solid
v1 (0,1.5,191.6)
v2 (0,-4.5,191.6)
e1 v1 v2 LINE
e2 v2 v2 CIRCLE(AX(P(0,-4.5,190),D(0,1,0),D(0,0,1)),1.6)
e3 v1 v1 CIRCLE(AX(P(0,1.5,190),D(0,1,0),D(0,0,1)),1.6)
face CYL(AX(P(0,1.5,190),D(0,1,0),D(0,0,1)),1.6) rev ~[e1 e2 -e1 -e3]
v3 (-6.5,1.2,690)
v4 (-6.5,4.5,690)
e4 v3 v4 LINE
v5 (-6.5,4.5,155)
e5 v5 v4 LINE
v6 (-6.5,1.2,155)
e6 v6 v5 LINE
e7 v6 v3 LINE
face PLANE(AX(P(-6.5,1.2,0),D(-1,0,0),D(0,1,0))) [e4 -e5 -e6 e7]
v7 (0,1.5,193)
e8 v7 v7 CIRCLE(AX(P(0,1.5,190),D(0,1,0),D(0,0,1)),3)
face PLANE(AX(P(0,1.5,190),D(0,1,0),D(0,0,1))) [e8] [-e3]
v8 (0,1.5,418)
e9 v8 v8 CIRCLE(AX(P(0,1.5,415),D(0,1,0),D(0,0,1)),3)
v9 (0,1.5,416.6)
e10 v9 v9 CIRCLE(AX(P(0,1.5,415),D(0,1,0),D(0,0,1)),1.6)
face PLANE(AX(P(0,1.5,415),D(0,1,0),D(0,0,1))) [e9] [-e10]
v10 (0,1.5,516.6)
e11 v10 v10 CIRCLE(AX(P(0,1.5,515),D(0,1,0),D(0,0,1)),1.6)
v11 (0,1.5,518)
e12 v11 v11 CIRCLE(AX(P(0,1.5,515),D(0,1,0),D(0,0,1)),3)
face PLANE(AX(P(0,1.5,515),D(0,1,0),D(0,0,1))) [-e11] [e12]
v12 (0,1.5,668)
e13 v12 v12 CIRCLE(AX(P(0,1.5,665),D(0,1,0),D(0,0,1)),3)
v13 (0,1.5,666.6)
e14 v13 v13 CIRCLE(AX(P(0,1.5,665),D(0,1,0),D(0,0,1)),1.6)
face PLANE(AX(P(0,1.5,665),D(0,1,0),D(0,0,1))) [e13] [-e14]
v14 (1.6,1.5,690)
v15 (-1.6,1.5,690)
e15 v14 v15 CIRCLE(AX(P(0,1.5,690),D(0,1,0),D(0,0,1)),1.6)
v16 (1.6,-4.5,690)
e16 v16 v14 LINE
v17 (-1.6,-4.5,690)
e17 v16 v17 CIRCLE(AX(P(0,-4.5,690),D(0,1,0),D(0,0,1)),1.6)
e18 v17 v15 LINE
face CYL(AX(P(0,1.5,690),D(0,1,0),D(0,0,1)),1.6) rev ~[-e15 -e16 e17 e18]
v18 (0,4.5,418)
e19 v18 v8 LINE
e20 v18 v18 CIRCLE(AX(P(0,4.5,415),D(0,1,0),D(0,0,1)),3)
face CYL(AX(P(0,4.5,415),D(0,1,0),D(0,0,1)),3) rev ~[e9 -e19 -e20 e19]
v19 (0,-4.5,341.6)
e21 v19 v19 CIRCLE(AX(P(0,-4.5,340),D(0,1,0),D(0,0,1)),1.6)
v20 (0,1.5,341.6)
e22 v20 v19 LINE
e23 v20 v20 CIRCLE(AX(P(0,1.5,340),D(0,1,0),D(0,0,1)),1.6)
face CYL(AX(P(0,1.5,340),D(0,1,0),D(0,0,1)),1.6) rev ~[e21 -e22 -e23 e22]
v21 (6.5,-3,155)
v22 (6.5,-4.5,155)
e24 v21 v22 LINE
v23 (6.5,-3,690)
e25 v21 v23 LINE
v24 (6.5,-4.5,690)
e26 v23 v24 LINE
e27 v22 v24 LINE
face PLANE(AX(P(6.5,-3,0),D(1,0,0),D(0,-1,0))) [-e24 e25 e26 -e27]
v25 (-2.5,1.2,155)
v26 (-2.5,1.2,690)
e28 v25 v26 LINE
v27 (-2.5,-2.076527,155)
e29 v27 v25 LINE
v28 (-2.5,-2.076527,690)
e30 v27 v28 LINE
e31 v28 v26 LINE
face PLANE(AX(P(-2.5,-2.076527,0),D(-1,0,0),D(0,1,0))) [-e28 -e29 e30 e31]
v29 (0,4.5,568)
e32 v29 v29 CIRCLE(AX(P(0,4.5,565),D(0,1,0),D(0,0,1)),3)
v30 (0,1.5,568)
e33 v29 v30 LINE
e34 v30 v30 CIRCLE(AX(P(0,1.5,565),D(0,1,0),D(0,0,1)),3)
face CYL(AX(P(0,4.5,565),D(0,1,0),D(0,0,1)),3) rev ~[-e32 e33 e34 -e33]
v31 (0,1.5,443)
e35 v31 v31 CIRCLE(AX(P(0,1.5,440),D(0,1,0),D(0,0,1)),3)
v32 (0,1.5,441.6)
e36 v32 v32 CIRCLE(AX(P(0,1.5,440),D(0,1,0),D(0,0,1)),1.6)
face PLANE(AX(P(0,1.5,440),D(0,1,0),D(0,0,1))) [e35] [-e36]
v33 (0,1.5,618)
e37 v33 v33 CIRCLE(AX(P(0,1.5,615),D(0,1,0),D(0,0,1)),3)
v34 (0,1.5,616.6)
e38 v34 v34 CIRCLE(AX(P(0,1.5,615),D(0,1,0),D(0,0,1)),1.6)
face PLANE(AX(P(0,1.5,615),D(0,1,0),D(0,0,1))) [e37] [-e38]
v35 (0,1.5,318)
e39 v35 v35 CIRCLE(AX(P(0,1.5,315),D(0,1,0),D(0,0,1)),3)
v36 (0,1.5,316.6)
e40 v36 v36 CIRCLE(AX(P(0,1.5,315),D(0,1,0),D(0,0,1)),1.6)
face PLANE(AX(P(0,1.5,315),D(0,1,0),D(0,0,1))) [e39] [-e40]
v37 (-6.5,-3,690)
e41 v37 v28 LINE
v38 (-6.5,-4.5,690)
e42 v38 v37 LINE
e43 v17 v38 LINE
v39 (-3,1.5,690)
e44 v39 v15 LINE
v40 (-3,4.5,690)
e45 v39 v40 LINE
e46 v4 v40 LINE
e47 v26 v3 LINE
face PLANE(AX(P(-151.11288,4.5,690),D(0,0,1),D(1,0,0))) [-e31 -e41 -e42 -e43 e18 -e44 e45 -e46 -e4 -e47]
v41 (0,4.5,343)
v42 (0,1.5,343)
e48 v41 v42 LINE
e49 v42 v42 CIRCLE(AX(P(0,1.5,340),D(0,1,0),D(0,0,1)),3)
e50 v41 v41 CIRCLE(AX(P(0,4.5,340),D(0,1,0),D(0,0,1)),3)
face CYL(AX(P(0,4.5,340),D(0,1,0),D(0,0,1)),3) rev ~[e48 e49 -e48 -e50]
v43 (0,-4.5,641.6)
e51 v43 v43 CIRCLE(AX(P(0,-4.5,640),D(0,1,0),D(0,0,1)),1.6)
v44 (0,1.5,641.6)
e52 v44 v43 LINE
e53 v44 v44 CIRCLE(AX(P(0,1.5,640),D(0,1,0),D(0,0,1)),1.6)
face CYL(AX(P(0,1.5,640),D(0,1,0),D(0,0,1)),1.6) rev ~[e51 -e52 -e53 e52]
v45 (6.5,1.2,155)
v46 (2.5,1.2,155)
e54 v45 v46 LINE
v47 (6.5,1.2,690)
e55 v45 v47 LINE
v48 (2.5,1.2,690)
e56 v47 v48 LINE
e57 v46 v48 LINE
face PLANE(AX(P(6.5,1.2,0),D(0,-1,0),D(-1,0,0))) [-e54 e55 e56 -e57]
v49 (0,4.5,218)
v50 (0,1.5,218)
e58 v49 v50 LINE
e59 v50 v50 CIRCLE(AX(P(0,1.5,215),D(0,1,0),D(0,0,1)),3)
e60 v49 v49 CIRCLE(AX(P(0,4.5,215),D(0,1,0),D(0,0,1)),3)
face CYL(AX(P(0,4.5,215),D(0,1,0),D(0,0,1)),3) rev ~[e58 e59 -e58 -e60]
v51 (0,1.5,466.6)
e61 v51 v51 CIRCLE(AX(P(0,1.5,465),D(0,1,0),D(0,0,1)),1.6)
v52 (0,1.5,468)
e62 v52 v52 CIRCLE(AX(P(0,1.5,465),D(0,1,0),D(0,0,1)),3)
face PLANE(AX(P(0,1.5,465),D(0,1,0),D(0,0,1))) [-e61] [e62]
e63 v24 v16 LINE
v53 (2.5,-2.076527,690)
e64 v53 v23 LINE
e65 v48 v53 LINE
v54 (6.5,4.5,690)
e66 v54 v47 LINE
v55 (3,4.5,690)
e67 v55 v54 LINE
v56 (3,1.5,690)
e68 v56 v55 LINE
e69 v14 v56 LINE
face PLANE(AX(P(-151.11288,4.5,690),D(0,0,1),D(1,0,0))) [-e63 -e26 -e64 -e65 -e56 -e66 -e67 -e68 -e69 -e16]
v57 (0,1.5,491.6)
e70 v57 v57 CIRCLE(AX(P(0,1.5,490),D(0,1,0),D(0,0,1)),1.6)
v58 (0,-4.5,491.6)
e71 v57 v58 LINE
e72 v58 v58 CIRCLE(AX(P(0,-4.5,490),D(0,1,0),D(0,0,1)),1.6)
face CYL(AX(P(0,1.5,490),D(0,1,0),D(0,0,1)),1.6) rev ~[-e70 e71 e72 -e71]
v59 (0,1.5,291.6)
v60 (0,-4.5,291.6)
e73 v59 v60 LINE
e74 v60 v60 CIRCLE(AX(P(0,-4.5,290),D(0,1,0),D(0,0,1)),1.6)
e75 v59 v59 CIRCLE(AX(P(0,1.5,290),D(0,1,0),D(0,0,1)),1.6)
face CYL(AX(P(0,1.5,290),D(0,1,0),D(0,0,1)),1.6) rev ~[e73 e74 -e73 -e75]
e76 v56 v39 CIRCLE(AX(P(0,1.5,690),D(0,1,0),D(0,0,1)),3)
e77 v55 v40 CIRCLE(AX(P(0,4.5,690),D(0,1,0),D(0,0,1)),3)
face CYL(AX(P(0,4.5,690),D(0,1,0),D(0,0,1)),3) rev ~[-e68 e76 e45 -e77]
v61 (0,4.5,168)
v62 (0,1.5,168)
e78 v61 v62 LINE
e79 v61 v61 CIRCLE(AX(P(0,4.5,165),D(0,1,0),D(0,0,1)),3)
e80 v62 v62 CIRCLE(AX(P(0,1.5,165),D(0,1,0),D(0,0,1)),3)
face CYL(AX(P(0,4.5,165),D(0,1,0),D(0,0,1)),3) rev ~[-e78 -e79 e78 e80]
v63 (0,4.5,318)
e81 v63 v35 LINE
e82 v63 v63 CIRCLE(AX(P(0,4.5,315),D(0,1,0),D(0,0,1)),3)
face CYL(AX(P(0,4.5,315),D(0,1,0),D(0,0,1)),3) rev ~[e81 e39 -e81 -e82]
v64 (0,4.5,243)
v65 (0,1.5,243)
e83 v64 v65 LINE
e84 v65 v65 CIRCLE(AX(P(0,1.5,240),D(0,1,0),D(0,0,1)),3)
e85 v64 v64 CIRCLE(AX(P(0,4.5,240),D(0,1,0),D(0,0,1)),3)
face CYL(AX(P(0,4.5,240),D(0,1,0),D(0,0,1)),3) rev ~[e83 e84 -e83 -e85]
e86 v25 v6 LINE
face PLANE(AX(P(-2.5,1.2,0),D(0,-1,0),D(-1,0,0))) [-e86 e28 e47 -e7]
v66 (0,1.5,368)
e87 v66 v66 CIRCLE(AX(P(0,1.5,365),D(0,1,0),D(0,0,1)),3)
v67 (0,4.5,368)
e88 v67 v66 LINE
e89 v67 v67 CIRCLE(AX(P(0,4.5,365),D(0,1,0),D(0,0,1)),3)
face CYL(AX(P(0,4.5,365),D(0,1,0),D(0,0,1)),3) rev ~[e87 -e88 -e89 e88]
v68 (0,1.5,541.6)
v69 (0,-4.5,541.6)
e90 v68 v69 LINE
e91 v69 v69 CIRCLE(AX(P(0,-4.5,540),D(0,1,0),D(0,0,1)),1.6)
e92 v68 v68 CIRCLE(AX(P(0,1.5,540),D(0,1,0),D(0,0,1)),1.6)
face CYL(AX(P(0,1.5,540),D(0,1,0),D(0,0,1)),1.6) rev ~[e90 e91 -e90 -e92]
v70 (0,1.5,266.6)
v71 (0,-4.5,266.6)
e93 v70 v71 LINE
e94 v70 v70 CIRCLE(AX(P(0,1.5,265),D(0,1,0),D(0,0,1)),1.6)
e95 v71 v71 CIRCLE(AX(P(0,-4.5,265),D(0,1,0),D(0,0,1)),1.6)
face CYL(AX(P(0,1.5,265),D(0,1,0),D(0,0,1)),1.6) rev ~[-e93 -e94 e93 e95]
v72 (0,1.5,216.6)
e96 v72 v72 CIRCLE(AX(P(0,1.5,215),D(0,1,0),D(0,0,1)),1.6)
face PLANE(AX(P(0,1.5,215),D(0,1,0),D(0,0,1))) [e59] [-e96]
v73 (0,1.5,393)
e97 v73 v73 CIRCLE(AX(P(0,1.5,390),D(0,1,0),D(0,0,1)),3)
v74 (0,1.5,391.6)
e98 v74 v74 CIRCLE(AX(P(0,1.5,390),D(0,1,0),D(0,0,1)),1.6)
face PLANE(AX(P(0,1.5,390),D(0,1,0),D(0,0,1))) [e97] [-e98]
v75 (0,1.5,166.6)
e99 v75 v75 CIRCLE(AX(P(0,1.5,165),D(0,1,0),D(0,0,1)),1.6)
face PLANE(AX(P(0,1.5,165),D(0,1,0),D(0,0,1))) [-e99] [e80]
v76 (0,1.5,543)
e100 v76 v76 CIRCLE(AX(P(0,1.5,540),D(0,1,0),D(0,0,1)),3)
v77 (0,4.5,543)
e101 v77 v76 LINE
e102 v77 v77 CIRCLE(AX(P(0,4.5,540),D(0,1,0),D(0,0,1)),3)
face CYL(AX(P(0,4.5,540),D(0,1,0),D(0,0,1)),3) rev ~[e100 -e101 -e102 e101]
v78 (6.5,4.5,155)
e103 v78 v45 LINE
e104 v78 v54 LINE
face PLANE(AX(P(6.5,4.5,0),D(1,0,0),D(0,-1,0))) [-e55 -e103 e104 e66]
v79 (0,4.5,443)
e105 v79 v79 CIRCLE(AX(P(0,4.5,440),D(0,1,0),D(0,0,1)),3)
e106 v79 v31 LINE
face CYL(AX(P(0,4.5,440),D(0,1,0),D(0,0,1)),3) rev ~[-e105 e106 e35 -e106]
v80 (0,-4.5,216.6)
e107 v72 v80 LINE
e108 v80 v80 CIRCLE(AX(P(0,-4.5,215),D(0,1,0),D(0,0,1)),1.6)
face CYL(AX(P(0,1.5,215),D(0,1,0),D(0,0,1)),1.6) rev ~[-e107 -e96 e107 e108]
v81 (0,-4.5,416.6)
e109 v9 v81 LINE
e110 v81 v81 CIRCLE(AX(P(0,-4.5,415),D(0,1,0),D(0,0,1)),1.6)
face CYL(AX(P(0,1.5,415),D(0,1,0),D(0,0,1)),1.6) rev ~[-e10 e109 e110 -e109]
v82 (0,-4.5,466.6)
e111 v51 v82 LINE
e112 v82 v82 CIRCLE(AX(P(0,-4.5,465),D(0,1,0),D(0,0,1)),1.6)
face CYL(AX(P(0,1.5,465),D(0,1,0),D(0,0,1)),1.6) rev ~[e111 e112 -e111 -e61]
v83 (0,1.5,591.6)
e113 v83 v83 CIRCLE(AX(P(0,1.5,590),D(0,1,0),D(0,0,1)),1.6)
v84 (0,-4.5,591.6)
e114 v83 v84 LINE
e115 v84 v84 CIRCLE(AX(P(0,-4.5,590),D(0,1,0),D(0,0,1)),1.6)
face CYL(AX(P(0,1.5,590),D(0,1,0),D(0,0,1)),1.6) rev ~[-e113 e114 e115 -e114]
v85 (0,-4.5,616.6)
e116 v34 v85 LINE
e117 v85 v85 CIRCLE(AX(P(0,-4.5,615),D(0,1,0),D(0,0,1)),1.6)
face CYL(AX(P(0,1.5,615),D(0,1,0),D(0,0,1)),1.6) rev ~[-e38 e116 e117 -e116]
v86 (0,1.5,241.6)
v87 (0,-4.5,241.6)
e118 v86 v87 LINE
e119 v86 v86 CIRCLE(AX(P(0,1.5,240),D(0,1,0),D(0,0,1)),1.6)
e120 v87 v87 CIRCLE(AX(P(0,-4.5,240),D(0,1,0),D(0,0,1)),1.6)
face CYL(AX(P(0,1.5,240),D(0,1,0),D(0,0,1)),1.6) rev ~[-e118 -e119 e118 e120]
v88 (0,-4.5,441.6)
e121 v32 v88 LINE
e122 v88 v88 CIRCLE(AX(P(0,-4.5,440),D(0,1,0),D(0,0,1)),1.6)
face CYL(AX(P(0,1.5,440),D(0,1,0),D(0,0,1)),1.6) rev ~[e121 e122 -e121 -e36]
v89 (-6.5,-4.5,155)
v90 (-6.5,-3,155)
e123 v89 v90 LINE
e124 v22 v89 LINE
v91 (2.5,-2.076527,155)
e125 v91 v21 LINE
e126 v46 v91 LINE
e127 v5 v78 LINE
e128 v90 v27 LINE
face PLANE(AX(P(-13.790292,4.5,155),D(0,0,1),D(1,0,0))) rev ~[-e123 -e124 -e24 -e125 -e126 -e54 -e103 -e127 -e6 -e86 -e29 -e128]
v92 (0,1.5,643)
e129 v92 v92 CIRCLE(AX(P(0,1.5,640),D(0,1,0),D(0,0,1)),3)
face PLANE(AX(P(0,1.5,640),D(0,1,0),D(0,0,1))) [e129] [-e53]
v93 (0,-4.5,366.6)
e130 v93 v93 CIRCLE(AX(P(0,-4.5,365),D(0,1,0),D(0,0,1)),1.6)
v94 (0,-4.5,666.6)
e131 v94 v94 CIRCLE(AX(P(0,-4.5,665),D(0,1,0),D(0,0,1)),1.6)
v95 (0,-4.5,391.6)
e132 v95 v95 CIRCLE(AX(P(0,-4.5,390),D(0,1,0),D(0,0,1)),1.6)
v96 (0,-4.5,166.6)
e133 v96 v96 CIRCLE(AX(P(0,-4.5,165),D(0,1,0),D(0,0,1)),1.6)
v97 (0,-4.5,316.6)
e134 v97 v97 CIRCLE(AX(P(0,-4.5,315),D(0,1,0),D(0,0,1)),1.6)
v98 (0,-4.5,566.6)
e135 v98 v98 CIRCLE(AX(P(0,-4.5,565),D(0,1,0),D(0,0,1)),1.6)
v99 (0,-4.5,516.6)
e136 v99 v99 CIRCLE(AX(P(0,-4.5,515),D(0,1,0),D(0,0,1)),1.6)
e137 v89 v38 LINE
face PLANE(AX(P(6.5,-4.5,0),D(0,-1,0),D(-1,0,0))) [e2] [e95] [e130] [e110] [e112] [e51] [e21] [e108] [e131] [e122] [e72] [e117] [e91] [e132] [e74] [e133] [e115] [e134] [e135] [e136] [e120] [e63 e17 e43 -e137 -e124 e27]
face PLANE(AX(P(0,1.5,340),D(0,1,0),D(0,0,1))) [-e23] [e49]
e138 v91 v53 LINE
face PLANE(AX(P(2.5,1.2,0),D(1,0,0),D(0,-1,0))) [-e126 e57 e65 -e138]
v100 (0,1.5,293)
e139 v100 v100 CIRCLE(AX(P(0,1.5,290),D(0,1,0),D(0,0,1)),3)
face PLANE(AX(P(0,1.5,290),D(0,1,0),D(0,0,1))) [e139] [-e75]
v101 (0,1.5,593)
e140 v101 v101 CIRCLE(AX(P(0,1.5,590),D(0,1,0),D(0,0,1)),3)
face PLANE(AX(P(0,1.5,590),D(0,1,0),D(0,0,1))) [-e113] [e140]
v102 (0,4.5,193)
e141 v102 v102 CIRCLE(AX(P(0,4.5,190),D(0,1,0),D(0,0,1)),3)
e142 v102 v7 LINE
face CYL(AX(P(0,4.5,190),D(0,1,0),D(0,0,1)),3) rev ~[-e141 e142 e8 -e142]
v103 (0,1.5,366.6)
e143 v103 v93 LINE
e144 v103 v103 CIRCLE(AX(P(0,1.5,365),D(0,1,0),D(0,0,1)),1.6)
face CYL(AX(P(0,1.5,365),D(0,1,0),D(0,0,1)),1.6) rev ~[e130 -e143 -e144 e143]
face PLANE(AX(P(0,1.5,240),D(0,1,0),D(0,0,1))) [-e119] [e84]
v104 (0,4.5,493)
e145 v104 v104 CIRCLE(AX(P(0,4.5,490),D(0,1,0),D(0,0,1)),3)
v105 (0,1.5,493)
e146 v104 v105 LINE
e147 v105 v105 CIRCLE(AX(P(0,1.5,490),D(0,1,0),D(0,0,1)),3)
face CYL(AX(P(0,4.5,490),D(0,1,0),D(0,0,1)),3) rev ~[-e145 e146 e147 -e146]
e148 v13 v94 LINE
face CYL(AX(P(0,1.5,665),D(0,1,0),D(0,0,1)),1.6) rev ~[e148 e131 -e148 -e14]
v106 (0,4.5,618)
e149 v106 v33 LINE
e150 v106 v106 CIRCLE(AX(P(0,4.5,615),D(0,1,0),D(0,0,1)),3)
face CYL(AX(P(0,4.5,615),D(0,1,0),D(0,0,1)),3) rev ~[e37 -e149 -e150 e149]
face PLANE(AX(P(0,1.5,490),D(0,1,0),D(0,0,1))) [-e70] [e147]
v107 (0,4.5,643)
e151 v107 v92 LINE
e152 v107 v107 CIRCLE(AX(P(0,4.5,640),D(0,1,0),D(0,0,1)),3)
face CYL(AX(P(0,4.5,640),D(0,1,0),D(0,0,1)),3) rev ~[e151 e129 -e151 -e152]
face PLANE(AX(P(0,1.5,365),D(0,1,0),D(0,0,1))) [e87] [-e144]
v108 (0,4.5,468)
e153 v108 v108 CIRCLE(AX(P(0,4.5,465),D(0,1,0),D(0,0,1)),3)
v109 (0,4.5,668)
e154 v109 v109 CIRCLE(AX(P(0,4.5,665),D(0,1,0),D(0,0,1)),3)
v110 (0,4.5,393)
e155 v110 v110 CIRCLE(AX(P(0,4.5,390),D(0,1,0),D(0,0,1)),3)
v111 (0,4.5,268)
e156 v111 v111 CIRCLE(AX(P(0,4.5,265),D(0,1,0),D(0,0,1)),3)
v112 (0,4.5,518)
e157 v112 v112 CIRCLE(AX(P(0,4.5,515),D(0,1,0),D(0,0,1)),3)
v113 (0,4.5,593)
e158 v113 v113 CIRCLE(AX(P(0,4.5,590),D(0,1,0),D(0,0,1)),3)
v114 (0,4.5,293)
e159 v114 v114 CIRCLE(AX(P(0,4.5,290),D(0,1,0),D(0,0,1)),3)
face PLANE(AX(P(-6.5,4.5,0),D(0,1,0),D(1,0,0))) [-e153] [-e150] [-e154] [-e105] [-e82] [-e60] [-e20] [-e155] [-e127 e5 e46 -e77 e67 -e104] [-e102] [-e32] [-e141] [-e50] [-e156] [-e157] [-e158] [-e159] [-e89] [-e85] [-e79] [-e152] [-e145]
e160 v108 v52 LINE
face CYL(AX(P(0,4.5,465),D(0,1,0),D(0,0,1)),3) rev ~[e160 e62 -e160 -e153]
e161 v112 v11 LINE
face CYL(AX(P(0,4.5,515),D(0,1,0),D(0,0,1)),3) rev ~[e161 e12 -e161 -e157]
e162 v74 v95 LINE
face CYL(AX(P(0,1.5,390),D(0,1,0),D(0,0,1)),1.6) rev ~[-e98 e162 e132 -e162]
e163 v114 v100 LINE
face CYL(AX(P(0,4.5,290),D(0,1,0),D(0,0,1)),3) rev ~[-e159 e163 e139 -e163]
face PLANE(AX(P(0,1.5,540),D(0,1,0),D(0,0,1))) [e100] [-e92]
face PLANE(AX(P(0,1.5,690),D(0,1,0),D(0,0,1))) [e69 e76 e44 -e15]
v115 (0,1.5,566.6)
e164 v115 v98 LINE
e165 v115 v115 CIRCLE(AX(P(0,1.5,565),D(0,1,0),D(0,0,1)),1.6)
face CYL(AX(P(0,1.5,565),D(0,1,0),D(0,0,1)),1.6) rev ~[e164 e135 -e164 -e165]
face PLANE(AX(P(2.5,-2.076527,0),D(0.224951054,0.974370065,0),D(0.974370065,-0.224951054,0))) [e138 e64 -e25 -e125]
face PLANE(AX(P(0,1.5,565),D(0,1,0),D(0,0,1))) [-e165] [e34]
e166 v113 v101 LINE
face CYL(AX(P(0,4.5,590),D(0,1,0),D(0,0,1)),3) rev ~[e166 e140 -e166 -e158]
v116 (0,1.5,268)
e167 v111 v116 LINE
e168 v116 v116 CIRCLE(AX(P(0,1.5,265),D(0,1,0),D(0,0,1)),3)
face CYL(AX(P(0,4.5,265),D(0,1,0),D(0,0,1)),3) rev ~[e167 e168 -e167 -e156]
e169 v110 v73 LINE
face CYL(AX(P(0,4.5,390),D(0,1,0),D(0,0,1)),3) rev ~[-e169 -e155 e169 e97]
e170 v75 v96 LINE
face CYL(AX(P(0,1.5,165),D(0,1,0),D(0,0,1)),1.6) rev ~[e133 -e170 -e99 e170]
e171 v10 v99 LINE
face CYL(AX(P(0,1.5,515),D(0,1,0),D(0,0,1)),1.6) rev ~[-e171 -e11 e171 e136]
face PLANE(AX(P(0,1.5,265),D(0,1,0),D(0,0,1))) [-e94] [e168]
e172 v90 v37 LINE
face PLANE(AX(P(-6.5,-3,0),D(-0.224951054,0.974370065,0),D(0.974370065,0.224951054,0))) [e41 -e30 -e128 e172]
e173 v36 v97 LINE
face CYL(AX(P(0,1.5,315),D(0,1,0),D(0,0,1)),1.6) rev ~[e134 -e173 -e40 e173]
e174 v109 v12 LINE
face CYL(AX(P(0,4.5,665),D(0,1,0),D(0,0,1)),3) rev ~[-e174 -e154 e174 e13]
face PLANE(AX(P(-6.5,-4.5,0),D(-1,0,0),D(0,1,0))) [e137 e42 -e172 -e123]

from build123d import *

# Parameters (mm, degrees)
EXTRUDE_1_DEPTH        = 800
SKETCH_2_R             = 3
CUT_EXTRUDE_1_DEPTH    = 3
CUT_EXTRUDE_2_REACH    = 802.049
SKETCH_3_R             = 1.6
PATTERN_LINEAR_1_COUNT = 32
PATTERN_LINEAR_1_PITCH = 25
SKETCH_5_W             = 302.225759888
SKETCH_5_H             = 503.019586662
CUT_EXTRUDE_3_DEPTH    = 10
SKETCH_6_W             = 27.58058317
SKETCH_6_H             = 207.193316332
CUT_EXTRUDE_4_DEPTH    = 10


with BuildPart() as part:
    # 草图1 → 凸台-拉伸1 (new body)
    with BuildSketch(Plane.XY):
        Polygon((-6.5, 4.5), (6.5, 4.5), (6.5, 1.2), (2.5, 1.2), (2.5, -2.076527235), (6.5, -3), (6.5, -4.5), (-6.5, -4.5), (-6.5, -3), (-2.5, -2.076527235), (-2.5, 1.2), (-6.5, 1.2), align=None)
    extrude(amount=EXTRUDE_1_DEPTH)

    # 草图2 → 切除-拉伸1 (cut)
    with BuildSketch(Plane(origin=(0, 4.5, 0), x_dir=(1, 0, 0), z_dir=(0, 1, 0))):
        with Locations(Location((0, -790, 0), (0, 0, 270))):
            Circle(SKETCH_2_R)
    cut_extrude_1 = extrude(amount=-CUT_EXTRUDE_1_DEPTH, mode=Mode.SUBTRACT)

    # 草图3 → 切除-拉伸2 (cut, up to next)
    with BuildSketch(Plane(origin=(0, 1.5, 0), x_dir=(1, 0, 0), z_dir=(0, 1, 0)), mode=Mode.PRIVATE) as cut_extrude_2_sk1:
        with Locations(Location((0, -790, 0), (0, 0, 270))):
            Circle(SKETCH_3_R)
    cut_extrude_2_tool1 = extrude(cut_extrude_2_sk1.sketch, amount=-CUT_EXTRUDE_2_REACH, mode=Mode.PRIVATE) & part.part
    cut_extrude_2 = cut_extrude_2_tool1.solids().sort_by_distance((0, 1.5, 790))[0]
    add(cut_extrude_2, mode=Mode.SUBTRACT)

    # 阵列(线性)1: 切除-拉伸1, 切除-拉伸2 ×32
    with Locations(*[(0, 0, -i * PATTERN_LINEAR_1_PITCH) for i in range(1, PATTERN_LINEAR_1_COUNT)]):
        add(cut_extrude_1, mode=Mode.SUBTRACT)
        add(cut_extrude_2, mode=Mode.SUBTRACT)

    # 草图5 → 切除-拉伸3 (cut)
    with BuildSketch(Plane(origin=(0, 4.5, 0), x_dir=(1, 0, 0), z_dir=(0, 1, 0))):
        with Locations((0, -941.509793331)):
            Rectangle(SKETCH_5_W, SKETCH_5_H)
    extrude(amount=-CUT_EXTRUDE_3_DEPTH, mode=Mode.SUBTRACT)

    # 草图6 → 切除-拉伸4 (cut)
    with BuildSketch(Plane(origin=(0, 4.5, 0), x_dir=(1, 0, 0), z_dir=(0, 1, 0))):
        with Locations((0, -51.403341834)):
            Rectangle(SKETCH_6_W, SKETCH_6_H)
    extrude(amount=-CUT_EXTRUDE_4_DEPTH, mode=Mode.SUBTRACT)


solid = part.part
